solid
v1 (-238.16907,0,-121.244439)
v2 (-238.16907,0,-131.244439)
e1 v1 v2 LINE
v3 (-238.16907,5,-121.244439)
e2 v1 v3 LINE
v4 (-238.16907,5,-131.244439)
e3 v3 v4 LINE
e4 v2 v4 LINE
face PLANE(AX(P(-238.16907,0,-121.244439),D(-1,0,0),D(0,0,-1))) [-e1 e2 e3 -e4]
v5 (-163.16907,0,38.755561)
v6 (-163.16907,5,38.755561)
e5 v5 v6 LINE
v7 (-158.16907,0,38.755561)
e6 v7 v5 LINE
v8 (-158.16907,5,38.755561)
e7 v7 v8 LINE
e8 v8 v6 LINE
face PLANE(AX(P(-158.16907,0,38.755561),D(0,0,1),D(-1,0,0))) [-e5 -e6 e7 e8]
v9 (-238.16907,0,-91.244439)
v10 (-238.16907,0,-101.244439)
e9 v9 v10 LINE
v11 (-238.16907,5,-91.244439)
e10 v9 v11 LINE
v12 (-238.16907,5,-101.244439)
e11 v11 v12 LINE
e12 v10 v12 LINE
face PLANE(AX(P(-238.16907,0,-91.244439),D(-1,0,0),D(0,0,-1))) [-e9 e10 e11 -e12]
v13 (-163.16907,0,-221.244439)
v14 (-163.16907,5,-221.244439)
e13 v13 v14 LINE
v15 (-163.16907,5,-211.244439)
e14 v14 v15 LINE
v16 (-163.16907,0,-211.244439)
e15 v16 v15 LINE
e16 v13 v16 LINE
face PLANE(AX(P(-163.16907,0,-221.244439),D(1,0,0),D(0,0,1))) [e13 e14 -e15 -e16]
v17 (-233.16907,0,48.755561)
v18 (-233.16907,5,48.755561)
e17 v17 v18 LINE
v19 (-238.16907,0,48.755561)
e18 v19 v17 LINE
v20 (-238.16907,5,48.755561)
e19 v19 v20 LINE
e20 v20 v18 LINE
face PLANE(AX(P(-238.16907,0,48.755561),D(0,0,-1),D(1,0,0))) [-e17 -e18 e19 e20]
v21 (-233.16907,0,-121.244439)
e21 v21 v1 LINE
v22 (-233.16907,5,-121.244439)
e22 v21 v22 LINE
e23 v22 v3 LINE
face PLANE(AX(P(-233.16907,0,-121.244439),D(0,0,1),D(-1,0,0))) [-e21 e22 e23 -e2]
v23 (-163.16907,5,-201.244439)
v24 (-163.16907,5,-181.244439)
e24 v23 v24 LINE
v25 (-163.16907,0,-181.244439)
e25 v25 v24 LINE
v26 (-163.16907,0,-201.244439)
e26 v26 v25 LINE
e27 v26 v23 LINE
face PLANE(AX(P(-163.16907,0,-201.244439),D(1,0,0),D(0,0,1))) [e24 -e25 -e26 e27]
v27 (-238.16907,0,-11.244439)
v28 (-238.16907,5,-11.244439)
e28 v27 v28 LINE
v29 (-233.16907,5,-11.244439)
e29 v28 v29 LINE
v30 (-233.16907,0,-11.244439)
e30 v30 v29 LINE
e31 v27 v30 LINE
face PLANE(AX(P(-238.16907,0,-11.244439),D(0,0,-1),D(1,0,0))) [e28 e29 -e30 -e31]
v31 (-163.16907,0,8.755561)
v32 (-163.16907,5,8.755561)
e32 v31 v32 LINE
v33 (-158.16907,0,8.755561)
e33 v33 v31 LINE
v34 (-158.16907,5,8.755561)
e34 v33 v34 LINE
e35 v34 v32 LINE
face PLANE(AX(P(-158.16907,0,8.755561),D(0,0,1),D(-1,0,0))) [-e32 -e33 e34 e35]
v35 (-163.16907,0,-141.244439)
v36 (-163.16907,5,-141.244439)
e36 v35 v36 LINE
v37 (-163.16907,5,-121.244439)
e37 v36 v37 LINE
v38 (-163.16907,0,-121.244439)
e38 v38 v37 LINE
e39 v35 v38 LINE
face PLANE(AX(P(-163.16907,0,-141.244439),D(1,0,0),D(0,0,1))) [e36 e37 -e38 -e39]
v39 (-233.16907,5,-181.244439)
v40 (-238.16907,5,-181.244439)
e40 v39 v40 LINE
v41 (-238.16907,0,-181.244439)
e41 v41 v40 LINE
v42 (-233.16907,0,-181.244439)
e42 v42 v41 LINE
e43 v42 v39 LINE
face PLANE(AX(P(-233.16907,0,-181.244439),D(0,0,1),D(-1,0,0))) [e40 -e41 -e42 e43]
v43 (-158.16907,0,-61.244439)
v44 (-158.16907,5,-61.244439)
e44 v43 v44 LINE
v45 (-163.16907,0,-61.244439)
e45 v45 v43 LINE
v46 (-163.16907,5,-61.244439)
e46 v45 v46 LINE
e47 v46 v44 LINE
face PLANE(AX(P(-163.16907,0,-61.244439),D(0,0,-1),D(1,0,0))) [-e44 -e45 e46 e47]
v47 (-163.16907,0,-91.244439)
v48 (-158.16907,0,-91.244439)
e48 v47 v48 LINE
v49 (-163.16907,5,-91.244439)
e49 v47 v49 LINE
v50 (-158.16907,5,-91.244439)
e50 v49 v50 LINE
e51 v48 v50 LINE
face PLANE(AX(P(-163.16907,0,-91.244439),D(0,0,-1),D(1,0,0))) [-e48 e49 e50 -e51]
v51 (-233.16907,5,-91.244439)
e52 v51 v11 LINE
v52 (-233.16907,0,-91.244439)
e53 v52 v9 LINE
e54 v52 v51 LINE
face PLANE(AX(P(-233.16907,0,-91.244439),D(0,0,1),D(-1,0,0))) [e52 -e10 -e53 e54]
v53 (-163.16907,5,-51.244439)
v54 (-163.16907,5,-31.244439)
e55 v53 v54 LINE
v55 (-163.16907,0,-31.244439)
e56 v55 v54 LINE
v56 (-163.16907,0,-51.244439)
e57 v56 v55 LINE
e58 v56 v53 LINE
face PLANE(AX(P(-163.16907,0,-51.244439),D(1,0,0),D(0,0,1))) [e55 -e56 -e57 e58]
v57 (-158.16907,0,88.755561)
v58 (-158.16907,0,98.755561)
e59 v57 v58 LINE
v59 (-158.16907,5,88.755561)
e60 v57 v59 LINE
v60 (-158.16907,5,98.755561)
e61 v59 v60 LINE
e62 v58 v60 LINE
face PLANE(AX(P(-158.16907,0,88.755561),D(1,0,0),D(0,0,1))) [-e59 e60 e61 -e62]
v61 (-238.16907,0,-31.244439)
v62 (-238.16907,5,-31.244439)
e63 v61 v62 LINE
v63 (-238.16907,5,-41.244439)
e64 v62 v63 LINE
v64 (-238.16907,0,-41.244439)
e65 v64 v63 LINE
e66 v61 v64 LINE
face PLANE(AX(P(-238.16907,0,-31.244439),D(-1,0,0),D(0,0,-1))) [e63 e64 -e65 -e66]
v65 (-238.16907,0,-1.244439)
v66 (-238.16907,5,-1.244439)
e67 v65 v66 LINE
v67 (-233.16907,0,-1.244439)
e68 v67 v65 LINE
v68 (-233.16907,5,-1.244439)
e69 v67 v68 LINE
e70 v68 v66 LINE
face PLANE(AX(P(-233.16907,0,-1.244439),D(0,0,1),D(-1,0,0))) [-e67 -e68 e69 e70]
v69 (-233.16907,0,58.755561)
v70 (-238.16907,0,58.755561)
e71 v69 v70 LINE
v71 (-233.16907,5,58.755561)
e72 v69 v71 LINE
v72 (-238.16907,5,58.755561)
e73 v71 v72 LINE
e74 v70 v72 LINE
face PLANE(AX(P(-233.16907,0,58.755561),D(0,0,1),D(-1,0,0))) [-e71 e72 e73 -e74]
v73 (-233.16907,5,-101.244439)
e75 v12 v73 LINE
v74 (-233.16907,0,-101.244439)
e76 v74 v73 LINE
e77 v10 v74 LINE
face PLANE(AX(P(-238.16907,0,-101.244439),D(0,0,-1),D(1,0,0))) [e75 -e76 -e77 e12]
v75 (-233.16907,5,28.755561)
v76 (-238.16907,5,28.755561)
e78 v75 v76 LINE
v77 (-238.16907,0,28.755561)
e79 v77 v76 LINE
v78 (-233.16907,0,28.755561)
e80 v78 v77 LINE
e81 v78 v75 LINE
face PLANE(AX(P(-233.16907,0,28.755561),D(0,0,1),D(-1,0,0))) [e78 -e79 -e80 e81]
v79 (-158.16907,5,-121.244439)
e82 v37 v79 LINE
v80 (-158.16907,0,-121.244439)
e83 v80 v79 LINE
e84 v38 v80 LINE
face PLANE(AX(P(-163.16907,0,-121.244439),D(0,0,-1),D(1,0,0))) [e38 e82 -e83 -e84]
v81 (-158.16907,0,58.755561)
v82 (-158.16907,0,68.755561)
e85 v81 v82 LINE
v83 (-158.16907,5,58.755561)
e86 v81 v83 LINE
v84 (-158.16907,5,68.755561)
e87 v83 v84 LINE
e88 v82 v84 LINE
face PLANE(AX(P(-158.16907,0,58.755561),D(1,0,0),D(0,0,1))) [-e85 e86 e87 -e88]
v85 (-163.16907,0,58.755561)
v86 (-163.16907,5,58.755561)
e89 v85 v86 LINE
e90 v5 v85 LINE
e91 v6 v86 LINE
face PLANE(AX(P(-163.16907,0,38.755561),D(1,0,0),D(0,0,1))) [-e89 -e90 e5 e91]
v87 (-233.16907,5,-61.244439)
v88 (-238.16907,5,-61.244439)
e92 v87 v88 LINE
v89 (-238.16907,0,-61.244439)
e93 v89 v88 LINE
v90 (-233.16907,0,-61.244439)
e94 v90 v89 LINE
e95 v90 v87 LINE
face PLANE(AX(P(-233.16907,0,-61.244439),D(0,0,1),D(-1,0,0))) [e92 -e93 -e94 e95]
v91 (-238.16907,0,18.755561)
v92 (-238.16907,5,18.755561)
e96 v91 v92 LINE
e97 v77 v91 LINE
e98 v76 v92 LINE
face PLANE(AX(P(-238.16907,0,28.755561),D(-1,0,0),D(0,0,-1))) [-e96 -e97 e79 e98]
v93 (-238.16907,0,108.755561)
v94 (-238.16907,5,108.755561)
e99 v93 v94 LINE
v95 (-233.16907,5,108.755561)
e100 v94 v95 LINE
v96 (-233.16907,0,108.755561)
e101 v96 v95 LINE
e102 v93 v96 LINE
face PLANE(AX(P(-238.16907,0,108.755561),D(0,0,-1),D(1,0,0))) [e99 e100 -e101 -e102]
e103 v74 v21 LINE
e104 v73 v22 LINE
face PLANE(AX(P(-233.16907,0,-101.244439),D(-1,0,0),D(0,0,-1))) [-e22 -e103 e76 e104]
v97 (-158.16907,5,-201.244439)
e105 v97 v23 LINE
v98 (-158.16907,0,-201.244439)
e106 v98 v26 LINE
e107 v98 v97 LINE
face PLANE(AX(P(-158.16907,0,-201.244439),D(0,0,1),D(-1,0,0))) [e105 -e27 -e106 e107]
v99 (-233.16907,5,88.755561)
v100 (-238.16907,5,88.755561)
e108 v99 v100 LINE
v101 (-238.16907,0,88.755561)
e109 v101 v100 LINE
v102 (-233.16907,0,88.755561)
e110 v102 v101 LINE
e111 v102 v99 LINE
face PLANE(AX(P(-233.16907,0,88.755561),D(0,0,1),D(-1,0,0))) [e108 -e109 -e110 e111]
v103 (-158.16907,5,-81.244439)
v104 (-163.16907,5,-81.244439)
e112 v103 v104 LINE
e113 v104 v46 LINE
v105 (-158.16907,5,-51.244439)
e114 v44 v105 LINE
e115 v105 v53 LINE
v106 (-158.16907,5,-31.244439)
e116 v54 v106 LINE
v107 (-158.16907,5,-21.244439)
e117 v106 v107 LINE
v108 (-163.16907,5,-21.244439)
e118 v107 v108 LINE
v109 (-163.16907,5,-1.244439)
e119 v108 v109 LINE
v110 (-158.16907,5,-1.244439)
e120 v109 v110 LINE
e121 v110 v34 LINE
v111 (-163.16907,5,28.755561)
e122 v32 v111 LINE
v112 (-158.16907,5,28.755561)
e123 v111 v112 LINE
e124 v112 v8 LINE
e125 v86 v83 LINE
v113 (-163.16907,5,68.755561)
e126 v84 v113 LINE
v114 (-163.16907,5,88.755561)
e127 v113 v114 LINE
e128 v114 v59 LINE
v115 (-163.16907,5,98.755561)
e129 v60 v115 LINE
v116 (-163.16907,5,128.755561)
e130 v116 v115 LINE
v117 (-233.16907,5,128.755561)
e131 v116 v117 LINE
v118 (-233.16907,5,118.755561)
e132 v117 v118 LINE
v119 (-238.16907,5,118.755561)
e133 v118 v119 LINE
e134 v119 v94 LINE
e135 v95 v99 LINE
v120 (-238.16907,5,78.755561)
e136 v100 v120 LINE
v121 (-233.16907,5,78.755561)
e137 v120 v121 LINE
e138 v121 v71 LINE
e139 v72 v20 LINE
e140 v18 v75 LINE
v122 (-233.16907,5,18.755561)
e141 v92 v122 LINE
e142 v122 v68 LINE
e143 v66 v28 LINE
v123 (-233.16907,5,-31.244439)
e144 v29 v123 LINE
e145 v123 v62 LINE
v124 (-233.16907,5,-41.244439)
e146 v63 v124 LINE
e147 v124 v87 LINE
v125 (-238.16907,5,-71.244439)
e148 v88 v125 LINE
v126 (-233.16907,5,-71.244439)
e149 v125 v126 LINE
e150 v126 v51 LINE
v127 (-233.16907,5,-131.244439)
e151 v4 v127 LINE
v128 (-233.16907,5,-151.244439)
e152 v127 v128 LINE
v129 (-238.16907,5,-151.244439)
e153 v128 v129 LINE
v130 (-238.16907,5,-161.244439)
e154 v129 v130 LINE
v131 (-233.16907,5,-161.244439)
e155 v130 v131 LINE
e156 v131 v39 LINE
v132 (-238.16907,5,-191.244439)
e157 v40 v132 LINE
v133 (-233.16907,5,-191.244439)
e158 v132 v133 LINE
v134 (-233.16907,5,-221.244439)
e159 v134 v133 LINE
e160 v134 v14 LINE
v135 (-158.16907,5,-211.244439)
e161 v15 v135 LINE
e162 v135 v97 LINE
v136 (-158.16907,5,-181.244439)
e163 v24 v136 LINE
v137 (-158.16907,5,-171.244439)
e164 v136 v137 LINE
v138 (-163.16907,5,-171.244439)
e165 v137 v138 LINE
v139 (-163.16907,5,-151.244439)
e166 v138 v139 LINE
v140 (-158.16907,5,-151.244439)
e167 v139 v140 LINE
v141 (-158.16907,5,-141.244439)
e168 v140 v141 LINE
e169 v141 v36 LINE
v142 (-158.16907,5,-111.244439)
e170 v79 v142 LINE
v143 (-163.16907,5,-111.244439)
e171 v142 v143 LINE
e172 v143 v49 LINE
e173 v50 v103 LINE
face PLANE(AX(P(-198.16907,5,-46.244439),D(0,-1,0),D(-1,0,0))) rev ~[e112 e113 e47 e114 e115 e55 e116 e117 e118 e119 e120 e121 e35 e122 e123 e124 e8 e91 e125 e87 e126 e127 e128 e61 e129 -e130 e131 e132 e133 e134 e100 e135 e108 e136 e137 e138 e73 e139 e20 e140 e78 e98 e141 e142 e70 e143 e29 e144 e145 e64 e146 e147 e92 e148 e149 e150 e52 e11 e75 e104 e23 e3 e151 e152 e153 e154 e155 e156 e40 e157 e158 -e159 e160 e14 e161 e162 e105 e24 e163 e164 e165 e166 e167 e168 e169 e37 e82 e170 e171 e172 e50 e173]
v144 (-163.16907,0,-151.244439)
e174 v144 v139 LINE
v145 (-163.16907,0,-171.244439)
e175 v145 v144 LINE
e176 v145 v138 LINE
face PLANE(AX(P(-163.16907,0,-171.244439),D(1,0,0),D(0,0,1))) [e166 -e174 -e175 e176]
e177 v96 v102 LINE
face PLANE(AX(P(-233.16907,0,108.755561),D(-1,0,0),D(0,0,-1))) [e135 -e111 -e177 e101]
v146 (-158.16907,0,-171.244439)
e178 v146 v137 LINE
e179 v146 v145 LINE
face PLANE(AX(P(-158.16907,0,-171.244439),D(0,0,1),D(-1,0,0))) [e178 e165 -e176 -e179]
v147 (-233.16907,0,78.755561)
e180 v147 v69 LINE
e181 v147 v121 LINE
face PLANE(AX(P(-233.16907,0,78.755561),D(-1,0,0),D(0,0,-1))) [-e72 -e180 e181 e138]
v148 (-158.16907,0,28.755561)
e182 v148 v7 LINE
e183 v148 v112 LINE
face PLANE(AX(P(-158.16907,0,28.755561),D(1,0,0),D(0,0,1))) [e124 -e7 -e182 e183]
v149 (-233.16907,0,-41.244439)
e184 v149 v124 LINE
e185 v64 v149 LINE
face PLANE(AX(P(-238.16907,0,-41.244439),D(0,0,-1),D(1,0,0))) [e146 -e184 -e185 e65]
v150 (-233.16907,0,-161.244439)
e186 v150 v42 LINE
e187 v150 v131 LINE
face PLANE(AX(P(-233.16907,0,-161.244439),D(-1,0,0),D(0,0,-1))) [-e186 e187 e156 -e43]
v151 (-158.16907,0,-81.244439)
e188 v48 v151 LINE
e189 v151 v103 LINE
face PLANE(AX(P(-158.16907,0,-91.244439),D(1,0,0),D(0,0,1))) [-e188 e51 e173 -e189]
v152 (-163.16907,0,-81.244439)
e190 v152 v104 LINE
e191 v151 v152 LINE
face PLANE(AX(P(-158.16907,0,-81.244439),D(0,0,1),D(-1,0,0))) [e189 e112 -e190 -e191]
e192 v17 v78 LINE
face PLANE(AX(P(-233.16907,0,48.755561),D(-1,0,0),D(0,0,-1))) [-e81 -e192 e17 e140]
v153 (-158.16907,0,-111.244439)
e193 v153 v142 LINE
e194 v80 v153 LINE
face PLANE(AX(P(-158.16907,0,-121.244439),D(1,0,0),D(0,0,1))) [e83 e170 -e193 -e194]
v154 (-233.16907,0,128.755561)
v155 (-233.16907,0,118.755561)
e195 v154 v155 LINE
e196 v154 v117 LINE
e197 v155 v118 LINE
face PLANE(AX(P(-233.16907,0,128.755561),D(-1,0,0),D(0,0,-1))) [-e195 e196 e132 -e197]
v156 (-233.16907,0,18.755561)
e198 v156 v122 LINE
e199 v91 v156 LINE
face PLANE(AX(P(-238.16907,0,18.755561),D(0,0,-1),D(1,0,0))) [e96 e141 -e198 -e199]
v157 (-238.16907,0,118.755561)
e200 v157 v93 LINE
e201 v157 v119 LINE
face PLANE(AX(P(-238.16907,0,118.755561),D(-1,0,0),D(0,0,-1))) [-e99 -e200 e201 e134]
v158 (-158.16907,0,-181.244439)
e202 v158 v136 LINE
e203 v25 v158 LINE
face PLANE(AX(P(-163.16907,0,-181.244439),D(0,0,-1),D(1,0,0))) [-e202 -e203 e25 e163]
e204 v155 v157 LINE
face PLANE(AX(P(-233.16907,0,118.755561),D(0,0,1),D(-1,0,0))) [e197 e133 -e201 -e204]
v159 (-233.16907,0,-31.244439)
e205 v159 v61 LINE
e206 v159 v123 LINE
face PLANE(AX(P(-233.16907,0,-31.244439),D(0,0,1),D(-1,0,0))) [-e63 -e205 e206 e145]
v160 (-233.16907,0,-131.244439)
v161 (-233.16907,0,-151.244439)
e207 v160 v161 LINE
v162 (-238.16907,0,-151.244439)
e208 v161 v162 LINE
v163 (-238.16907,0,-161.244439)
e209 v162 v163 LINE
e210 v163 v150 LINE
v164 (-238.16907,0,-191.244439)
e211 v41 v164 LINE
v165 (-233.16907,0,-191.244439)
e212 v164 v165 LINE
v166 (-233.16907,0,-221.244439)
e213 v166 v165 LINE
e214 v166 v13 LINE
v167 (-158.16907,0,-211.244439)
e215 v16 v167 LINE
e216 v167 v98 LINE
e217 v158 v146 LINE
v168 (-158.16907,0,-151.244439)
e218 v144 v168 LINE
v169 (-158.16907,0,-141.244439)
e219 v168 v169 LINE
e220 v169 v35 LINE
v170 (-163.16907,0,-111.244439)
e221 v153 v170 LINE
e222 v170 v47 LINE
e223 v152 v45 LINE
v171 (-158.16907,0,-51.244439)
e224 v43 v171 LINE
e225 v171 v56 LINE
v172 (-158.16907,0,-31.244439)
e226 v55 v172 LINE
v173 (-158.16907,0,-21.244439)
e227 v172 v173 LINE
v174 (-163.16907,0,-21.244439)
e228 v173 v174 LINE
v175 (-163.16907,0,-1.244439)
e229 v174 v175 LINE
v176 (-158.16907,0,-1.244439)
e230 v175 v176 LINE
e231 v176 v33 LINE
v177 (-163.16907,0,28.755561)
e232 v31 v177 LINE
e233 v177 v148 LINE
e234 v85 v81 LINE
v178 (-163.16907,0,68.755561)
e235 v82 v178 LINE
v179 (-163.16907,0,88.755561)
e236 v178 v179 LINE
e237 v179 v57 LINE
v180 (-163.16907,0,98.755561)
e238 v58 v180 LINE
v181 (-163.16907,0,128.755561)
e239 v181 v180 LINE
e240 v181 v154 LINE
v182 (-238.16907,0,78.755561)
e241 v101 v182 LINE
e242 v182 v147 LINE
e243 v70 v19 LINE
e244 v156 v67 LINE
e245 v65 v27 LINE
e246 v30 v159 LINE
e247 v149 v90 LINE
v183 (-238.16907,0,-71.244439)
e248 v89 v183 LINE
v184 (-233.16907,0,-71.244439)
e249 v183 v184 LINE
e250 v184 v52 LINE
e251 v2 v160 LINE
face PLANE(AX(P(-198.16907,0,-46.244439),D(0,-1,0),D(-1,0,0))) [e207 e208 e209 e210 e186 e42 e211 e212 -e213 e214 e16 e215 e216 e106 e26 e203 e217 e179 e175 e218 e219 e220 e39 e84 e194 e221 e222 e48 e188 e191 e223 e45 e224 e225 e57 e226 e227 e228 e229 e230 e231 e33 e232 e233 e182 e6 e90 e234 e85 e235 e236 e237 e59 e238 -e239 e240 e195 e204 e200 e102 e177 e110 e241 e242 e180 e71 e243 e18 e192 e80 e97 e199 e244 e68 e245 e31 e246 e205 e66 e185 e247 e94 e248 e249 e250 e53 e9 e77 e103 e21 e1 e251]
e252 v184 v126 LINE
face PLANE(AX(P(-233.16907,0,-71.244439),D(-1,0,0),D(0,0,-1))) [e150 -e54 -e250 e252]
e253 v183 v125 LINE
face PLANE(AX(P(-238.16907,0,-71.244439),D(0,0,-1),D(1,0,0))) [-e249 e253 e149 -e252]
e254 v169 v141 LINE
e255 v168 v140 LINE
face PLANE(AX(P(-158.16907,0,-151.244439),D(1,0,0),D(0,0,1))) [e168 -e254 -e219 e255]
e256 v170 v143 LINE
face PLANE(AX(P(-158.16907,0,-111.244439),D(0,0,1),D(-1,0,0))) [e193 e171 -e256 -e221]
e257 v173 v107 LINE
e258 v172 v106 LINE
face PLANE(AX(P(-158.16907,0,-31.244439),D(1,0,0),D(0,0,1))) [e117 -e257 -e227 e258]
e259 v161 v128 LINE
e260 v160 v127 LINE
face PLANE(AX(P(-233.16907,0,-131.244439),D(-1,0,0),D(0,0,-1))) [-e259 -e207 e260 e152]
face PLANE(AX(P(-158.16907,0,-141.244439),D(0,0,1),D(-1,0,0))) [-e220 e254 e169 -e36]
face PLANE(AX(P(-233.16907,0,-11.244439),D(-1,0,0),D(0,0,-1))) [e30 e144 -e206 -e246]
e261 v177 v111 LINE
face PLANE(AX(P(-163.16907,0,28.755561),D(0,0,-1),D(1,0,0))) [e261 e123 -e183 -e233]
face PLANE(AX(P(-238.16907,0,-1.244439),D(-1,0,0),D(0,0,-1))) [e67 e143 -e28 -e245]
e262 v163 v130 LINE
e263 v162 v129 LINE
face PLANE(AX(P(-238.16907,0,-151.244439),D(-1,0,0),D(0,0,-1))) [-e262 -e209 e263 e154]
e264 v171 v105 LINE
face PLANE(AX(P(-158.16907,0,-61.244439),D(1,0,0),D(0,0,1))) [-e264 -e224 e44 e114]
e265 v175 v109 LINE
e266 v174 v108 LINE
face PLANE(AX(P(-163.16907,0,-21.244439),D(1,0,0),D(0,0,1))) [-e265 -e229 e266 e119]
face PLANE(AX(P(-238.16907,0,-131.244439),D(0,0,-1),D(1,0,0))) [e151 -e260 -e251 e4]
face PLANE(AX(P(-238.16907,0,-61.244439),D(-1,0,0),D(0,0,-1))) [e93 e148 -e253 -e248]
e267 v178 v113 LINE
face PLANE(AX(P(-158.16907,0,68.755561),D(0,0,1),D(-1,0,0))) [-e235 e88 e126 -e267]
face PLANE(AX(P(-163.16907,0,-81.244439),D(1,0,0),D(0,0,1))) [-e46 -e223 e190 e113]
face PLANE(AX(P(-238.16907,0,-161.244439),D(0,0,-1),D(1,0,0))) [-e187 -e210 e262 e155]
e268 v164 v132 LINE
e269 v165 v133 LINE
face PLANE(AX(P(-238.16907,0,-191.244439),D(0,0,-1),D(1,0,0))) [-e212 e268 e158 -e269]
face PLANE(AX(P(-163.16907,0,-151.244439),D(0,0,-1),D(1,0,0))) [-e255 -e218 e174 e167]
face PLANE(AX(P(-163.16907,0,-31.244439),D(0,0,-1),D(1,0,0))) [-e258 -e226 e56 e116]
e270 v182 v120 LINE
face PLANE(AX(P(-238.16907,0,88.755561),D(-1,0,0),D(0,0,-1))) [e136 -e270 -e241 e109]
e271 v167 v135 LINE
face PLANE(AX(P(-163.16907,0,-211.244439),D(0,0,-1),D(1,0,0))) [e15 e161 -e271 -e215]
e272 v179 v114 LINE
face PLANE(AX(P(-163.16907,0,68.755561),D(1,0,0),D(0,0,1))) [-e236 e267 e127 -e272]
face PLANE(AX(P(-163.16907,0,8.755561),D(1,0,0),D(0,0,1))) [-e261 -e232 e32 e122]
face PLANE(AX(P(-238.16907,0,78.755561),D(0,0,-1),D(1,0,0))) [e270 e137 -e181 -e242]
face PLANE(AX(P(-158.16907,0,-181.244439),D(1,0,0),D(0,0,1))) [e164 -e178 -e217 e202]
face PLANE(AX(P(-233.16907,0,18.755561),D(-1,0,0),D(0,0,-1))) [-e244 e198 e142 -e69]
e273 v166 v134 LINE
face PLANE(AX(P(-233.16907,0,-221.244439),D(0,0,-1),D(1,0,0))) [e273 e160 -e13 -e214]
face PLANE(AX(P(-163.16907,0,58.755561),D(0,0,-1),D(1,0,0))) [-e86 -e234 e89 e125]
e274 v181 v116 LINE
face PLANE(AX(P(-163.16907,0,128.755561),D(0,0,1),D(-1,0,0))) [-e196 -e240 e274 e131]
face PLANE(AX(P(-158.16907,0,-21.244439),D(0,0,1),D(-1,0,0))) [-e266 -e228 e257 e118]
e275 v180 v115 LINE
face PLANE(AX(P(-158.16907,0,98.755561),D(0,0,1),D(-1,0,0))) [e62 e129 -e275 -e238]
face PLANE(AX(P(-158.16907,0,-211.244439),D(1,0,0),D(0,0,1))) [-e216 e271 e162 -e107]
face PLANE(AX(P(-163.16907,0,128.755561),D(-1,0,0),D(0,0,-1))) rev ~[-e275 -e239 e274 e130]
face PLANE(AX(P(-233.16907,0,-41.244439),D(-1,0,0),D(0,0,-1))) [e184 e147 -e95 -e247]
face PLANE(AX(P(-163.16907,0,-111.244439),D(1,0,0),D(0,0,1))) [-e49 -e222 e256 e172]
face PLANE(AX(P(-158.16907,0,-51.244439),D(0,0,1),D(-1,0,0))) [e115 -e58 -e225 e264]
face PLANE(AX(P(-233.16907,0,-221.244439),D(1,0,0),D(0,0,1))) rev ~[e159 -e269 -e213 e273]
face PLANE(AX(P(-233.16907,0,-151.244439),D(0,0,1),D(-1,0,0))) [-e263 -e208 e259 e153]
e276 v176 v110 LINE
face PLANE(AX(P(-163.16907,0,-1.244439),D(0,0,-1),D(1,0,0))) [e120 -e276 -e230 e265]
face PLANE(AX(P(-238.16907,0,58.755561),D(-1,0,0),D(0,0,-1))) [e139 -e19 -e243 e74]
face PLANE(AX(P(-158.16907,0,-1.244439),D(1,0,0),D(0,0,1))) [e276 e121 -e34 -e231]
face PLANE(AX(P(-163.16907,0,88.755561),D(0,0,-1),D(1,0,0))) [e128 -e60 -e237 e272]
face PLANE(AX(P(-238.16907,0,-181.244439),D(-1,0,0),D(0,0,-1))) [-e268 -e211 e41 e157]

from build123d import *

# Parameters (mm, degrees)
BOSS_EXTRUDE1_DEPTH = 5


with BuildPart() as part:
    # Sketch1 → Boss-Extrude1 (new body)
    with BuildSketch(Plane(origin=(0, 0, 0), x_dir=(1, 0, 0), z_dir=(0, 1, 0))):
        Polygon((-238.169070324, -88.755561118), (-238.169070324, -78.755561118), (-233.169070324, -78.755561118), (-233.169070324, -58.755561118), (-238.169070324, -58.755561118), (-238.169070324, -48.755561118), (-233.169070324, -48.755561118), (-233.169070324, -28.755561118), (-238.169070324, -28.755561118), (-238.169070324, -18.755561118), (-233.169070324, -18.755561118), (-233.169070324, 1.244438882), (-238.169070324, 1.244438882), (-238.169070324, 11.244438882), (-233.169070324, 11.244438882), (-233.169070324, 31.244438882), (-238.169070324, 31.244438882), (-238.169070324, 41.244438882), (-233.169070324, 41.244438882), (-233.169070324, 61.244438882), (-238.169070324, 61.244438882), (-238.169070324, 71.244438882), (-233.169070324, 71.244438882), (-233.169070324, 91.244438882), (-238.169070324, 91.244438882), (-238.169070324, 101.244438882), (-233.169070324, 101.244438882), (-233.169070324, 121.244438882), (-238.169070324, 121.244438882), (-238.169070324, 131.244438882), (-233.169070324, 131.244438882), (-233.169070324, 151.244438882), (-238.169070324, 151.244438882), (-238.169070324, 161.244438882), (-233.169070324, 161.244438882), (-233.169070324, 181.244438882), (-238.169070324, 181.244438882), (-238.169070324, 191.244438882), (-233.169070324, 191.244438882), (-233.169070324, 211.244438882), (-233.169070324, 221.244438882), (-163.169070324, 221.244438882), (-163.169070324, 211.244438882), (-158.169070324, 211.244438882), (-158.169070324, 201.244438882), (-163.169070324, 201.244438882), (-163.169070324, 181.244438882), (-158.169070324, 181.244438882), (-158.169070324, 171.244438882), (-163.169070324, 171.244438882), (-163.169070324, 151.244438882), (-158.169070324, 151.244438882), (-158.169070324, 141.244438882), (-163.169070324, 141.244438882), (-163.169070324, 121.244438882), (-158.169070324, 121.244438882), (-158.169070324, 111.244438882), (-163.169070324, 111.244438882), (-163.169070324, 91.244438882), (-158.169070324, 91.244438882), (-158.169070324, 81.244438882), (-163.169070324, 81.244438882), (-163.169070324, 61.244438882), (-158.169070324, 61.244438882), (-158.169070324, 51.244438882), (-163.169070324, 51.244438882), (-163.169070324, 31.244438882), (-158.169070324, 31.244438882), (-158.169070324, 21.244438882), (-163.169070324, 21.244438882), (-163.169070324, 1.244438882), (-158.169070324, 1.244438882), (-158.169070324, -8.755561118), (-163.169070324, -8.755561118), (-163.169070324, -28.755561118), (-158.169070324, -28.755561118), (-158.169070324, -38.755561118), (-163.169070324, -38.755561118), (-163.169070324, -58.755561118), (-158.169070324, -58.755561118), (-158.169070324, -68.755561118), (-163.169070324, -68.755561118), (-163.169070324, -88.755561118), (-158.169070324, -88.755561118), (-158.169070324, -98.755561118), (-163.169070324, -98.755561118), (-163.169070324, -118.755561118), (-163.169070324, -128.755561118), (-233.169070324, -128.755561118), (-233.169070324, -118.755561118), (-238.169070324, -118.755561118), (-238.169070324, -108.755561118), (-233.169070324, -108.755561118), (-233.169070324, -88.755561118), align=None)
    extrude(amount=BOSS_EXTRUDE1_DEPTH)


solid = part.part
